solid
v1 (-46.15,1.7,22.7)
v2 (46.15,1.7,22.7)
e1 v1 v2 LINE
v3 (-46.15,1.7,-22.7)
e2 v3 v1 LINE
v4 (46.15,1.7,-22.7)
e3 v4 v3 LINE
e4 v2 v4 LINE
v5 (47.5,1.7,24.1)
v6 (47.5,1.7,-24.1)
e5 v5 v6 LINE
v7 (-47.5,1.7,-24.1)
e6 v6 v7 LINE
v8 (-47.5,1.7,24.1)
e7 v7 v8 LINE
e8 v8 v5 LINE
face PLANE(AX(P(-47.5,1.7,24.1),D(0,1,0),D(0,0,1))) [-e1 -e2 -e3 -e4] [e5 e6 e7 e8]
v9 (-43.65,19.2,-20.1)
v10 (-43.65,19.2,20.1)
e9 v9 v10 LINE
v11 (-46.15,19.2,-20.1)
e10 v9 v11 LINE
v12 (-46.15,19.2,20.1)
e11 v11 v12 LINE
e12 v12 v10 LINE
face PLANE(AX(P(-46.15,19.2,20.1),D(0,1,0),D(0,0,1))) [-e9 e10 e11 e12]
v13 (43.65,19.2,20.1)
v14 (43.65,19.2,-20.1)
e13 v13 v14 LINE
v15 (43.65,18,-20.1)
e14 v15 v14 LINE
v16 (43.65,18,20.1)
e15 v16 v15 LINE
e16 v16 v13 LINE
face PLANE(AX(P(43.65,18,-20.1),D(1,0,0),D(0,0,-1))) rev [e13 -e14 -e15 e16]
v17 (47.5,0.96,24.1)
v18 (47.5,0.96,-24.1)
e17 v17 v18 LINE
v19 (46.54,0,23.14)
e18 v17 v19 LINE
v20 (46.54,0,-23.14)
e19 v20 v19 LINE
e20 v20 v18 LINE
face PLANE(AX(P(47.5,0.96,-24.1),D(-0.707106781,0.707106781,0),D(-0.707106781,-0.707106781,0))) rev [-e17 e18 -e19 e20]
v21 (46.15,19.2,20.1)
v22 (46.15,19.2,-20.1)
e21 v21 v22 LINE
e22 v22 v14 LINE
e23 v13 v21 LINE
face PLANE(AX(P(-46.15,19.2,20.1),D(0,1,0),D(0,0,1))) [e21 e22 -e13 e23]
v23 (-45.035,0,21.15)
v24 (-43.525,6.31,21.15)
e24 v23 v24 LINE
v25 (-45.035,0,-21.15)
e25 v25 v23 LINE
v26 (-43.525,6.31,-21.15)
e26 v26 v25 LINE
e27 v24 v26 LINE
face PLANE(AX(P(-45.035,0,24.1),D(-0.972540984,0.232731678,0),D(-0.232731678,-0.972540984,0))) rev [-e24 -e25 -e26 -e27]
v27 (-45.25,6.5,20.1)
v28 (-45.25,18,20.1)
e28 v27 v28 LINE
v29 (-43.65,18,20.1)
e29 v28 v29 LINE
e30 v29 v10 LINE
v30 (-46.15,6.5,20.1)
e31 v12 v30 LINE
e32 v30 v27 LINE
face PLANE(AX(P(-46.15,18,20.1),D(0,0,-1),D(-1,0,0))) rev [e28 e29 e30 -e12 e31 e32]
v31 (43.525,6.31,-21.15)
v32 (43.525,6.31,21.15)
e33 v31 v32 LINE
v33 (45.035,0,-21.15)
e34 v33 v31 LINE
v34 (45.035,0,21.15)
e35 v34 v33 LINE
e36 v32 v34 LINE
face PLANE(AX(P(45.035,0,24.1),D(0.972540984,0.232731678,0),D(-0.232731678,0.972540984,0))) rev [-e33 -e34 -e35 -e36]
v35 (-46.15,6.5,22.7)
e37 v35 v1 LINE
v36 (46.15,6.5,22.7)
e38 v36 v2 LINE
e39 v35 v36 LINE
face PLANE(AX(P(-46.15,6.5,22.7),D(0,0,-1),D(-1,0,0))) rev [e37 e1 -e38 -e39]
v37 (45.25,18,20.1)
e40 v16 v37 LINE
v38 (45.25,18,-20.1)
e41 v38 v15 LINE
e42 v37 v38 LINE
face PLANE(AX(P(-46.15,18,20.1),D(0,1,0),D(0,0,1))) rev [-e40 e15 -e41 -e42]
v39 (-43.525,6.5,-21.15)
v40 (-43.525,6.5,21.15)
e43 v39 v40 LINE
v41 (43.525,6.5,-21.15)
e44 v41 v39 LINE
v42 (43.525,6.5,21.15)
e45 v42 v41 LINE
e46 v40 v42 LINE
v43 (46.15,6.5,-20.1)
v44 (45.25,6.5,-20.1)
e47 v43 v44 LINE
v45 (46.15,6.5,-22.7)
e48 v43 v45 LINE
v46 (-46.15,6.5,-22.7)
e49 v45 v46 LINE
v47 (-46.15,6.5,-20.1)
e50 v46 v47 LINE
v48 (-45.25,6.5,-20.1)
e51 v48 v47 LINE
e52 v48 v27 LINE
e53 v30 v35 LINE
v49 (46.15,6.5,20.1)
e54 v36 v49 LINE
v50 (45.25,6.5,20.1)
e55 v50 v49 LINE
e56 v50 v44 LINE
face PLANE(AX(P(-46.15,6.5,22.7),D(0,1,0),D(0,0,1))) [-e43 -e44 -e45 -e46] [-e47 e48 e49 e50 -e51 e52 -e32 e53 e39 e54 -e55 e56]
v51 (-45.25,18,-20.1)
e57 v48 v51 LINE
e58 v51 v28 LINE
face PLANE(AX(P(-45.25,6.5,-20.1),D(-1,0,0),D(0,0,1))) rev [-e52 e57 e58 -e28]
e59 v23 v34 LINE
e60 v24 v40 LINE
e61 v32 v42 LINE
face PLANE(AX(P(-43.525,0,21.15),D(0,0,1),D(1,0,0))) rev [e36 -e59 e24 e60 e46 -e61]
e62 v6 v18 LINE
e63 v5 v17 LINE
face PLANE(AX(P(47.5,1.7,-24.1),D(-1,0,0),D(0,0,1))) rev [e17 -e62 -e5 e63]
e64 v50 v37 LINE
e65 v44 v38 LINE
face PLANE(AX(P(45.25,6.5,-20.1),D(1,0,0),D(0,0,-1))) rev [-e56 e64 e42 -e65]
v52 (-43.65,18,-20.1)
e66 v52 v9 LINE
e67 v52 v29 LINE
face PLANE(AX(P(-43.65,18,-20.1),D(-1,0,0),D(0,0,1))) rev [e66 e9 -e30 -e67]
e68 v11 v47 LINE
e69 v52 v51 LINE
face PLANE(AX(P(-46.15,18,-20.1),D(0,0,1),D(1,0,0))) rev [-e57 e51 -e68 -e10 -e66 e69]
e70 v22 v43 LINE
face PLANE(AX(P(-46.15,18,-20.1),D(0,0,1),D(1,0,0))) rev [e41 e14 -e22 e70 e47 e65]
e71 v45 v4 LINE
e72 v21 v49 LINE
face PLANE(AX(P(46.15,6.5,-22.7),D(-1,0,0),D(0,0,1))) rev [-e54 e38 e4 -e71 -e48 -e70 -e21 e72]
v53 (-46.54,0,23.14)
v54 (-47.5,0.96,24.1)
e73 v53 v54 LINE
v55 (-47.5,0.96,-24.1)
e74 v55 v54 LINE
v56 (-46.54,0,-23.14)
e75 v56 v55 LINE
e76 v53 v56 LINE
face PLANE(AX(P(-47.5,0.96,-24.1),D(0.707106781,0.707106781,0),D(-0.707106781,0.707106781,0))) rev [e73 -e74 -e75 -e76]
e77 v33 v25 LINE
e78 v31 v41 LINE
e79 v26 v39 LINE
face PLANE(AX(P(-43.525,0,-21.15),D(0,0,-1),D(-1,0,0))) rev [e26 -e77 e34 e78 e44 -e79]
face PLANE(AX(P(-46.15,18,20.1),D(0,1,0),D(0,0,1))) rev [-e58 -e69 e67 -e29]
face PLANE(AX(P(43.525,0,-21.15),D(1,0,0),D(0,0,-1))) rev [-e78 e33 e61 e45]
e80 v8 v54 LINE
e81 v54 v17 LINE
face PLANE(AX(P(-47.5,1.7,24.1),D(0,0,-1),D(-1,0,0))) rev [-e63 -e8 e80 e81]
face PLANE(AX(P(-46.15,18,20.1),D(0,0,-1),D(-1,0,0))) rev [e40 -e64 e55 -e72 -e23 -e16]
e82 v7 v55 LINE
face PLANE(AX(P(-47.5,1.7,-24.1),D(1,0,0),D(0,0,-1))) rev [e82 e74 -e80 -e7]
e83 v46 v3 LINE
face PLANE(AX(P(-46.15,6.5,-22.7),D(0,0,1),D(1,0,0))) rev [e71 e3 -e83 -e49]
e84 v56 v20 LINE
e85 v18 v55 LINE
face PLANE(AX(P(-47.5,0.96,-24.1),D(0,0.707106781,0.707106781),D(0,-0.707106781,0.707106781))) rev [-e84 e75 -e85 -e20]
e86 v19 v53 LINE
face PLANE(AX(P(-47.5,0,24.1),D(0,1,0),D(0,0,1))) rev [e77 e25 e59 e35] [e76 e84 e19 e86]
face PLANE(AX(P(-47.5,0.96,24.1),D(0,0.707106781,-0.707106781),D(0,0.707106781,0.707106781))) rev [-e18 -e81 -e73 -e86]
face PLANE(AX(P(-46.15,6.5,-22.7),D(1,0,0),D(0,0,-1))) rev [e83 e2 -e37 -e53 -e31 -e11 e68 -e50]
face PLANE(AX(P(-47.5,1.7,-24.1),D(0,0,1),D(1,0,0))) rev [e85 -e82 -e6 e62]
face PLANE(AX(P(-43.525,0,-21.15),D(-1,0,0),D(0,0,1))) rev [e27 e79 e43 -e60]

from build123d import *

# Parameters (mm, degrees)
SKETCH1_W            = 95
SKETCH1_H            = 48.2
BOSS_EXTRUDE2_DEPTH  = 1.7
SKETCH3_W            = 92.3
SKETCH3_H            = 45.4
BOSS_EXTRUDE3_DEPTH  = 4.8
SKETCH4_W            = 87.05
SKETCH4_H            = 42.3
CUT_EXTRUDE1_DEPTH   = 7.5
CHAMFER1_SIZE        = 0.96
CHAMFER2_SIZE        = 0.96
CHAMFER3_SIZE        = 0.96
CHAMFER4_SIZE        = 0.96
CHAMFER5_SIZE        = 6.31
CHAMFER5_SIZE2       = 1.51
CHAMFER6_SIZE        = 6.31
CHAMFER6_SIZE2       = 1.51
SKETCH5_W            = 92.3
SKETCH5_H            = 40.2
BOSS_EXTRUDE11_DEPTH = 11.5
SKETCH6_W            = 90.5
SKETCH6_H            = 40.2
CUT_EXTRUDE2_DEPTH   = 11.5
SKETCH7_W            = 92.3
SKETCH7_H            = 40.2
BOSS_EXTRUDE12_DEPTH = 1.2
SKETCH8_W            = 87.3
SKETCH8_H            = 40.2
CUT_EXTRUDE3_DEPTH   = 1.2


with BuildPart() as part:
    # Sketch1 → Boss-Extrude2 (new body)
    with BuildSketch(Plane(origin=(0, 0, 0), x_dir=(1, 0, 0), z_dir=(0, 1, 0))):
        Rectangle(SKETCH1_W, SKETCH1_H)
    extrude(amount=BOSS_EXTRUDE2_DEPTH)

    # Sketch3 → Boss-Extrude3 (add)
    with BuildSketch(Plane(origin=(0, 1.7, 0), x_dir=(1, 0, 0), z_dir=(0, 1, 0))):
        Rectangle(SKETCH3_W, SKETCH3_H)
    extrude(amount=BOSS_EXTRUDE3_DEPTH)

    # Sketch4 → Cut-Extrude1 (cut, through all)
    with BuildSketch(Plane(origin=(0, 6.5, 0), x_dir=(-1, 0, 0), z_dir=(0, 1, 0))):
        Rectangle(SKETCH4_W, SKETCH4_H)
    extrude(amount=-CUT_EXTRUDE1_DEPTH, mode=Mode.SUBTRACT)

    # Chamfer1
    chamfer1_edges = [part.edges().sort_by_distance(p)[0] for p in [
        (47.5, 0, 0),
    ]]
    chamfer(chamfer1_edges, length=CHAMFER1_SIZE)

    # Chamfer2
    chamfer2_edges = [part.edges().sort_by_distance(p)[0] for p in [
        (-0.48, 0, -24.1),
    ]]
    chamfer(chamfer2_edges, length=CHAMFER2_SIZE)

    # Chamfer3
    chamfer3_edges = [part.edges().sort_by_distance(p)[0] for p in [
        (-47.5, 0, 0.48),
    ]]
    chamfer(chamfer3_edges, length=CHAMFER3_SIZE)

    # Chamfer4
    chamfer4_edges = [part.edges().sort_by_distance(p)[0] for p in [
        (0, 0, 24.1),
    ]]
    chamfer(chamfer4_edges, length=CHAMFER4_SIZE)

    # Chamfer5
    chamfer5_edges = [part.edges().sort_by_distance(p)[0] for p in [
        (-43.525, 0, 0),
    ]]
    chamfer5_side = [part.faces().sort_by_distance(p)[0] for p in [
        (-43.525, 3.25, 0),
    ]]
    chamfer(chamfer5_edges, length=CHAMFER5_SIZE, length2=CHAMFER5_SIZE2, reference=chamfer5_side[0])

    # Chamfer6
    chamfer6_edges = [part.edges().sort_by_distance(p)[0] for p in [
        (43.525, 0, 0),
    ]]
    chamfer6_side = [part.faces().sort_by_distance(p)[0] for p in [
        (43.525, 3.25, 0),
    ]]
    chamfer(chamfer6_edges, length=CHAMFER6_SIZE, length2=CHAMFER6_SIZE2, reference=chamfer6_side[0])

    # Sketch5 → Boss-Extrude11 (add)
    with BuildSketch(Plane(origin=(0, 6.5, 0), x_dir=(1, 0, 0), z_dir=(0, 1, 0))):
        Rectangle(SKETCH5_W, SKETCH5_H)
    extrude(amount=BOSS_EXTRUDE11_DEPTH)

    # Sketch6 → Cut-Extrude2 (cut)
    with BuildSketch(Plane(origin=(0, 18, 0), x_dir=(1, 0, 0), z_dir=(0, 1, 0))):
        Rectangle(SKETCH6_W, SKETCH6_H)
    extrude(amount=-CUT_EXTRUDE2_DEPTH, mode=Mode.SUBTRACT)

    # Sketch7 → Boss-Extrude12 (add)
    with BuildSketch(Plane(origin=(0, 18, 0), x_dir=(-1, 0, 0), z_dir=(0, 1, 0))):
        Rectangle(SKETCH7_W, SKETCH7_H)
    extrude(amount=BOSS_EXTRUDE12_DEPTH)

    # Sketch8 → Cut-Extrude3 (cut)
    with BuildSketch(Plane(origin=(0, 19.2, 0), x_dir=(1, 0, 0), z_dir=(0, 1, 0))):
        Rectangle(SKETCH8_W, SKETCH8_H)
    extrude(amount=-CUT_EXTRUDE3_DEPTH, mode=Mode.SUBTRACT)


solid = part.part
